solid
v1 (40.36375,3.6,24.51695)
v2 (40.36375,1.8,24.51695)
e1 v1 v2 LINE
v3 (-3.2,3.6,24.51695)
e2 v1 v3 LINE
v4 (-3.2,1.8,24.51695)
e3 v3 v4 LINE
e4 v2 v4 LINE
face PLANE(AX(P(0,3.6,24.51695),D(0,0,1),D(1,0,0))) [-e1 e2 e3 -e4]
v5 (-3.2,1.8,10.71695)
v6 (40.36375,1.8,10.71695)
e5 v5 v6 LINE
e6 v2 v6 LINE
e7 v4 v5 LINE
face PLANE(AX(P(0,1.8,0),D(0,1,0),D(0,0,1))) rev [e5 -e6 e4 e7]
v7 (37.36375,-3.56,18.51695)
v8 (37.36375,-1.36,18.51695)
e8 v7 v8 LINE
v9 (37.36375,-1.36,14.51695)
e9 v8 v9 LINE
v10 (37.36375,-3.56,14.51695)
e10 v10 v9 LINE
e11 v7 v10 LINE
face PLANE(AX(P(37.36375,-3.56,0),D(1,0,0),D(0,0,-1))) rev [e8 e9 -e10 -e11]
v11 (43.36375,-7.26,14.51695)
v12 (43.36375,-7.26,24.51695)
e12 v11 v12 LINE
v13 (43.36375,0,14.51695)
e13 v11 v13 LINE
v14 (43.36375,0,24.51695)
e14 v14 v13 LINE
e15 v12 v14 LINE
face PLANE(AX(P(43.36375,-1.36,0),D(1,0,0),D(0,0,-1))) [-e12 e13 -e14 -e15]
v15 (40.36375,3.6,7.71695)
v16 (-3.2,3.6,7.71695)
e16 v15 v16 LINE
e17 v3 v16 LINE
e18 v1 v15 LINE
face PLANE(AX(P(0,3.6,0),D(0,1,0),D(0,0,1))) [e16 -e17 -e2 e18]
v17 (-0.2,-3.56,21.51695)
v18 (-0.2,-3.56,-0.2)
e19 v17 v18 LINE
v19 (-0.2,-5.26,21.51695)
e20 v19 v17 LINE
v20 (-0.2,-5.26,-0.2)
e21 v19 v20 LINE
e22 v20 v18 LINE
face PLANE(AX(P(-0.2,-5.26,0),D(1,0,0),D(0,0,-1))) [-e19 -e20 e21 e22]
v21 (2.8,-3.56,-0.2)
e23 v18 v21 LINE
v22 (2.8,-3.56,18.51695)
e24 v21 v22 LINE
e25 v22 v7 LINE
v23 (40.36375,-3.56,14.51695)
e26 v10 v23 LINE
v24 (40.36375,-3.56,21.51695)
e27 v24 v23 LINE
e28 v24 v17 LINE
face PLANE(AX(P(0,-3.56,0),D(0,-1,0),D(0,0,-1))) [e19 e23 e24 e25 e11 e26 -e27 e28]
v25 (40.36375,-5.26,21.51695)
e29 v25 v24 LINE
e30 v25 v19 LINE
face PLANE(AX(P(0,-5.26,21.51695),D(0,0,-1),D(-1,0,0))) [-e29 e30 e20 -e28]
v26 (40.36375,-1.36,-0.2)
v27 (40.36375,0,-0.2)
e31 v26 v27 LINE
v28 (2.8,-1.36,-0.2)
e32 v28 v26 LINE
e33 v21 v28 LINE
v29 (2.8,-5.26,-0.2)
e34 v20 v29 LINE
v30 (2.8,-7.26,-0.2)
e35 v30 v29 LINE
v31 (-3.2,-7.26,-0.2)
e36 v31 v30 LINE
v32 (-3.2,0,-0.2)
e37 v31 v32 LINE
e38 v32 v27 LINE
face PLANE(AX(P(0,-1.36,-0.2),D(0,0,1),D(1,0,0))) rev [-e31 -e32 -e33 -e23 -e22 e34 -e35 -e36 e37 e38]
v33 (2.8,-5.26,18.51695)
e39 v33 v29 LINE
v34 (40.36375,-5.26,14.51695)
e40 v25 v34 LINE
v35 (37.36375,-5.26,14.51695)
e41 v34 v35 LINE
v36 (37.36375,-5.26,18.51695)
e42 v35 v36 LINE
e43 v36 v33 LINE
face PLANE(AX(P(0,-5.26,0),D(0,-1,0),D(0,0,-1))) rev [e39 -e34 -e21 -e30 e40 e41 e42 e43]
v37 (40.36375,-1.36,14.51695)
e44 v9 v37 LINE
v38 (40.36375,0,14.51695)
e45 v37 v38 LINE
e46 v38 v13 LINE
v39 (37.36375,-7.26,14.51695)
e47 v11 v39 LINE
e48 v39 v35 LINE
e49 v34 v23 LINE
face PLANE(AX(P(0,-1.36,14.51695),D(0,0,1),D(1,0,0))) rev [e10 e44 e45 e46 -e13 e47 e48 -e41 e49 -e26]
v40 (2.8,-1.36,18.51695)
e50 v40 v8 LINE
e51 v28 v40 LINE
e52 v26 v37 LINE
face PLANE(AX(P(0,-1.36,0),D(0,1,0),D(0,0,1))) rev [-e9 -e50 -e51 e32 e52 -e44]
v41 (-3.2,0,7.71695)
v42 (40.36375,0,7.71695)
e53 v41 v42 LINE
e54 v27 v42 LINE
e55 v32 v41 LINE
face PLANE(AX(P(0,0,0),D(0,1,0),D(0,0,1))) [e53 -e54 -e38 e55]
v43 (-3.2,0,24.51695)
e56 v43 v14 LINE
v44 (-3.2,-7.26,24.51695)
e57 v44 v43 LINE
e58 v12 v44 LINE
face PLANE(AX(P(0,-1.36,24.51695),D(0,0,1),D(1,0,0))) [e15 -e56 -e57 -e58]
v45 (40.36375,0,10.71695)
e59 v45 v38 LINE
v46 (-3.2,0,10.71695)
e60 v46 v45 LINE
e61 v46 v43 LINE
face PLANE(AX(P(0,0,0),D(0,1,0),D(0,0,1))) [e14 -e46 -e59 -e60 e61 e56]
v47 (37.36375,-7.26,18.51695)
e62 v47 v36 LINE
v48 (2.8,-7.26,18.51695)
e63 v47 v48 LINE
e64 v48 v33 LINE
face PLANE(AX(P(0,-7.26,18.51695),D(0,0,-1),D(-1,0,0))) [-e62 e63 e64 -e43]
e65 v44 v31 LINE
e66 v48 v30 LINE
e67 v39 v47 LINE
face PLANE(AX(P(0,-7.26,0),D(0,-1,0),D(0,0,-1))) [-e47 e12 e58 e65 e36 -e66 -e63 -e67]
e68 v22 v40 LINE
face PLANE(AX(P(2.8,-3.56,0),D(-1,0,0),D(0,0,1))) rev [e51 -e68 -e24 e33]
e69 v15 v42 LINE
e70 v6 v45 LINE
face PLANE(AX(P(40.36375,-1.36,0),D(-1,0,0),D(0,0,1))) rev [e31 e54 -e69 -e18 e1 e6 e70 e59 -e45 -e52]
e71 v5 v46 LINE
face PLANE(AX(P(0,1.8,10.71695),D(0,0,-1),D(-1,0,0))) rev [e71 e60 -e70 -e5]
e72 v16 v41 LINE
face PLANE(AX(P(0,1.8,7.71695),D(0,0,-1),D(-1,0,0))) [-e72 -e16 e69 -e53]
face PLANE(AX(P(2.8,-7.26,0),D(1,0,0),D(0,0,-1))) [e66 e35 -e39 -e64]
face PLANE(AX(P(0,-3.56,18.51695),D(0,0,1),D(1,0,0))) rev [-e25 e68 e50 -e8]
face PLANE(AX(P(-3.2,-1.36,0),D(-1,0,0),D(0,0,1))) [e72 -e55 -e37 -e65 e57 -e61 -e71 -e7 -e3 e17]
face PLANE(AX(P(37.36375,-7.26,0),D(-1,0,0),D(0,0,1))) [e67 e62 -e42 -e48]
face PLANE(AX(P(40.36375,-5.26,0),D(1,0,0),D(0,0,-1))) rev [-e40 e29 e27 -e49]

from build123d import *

# Parameters (mm, degrees)
SKETCH1_W           = 3
SKETCH1_H           = 21.71695
SKETCH1_W_2         = 2.8
SKETCH1_H_2         = 4
SKETCH1_W_3         = 0.2
BOSS_EXTRUDE3_DEPTH = 1.36
BOSS_EXTRUDE4_START = -1.36
SKETCH1_7_W         = 3
SKETCH1_7_H         = 21.71695
SKETCH1_7_W_2       = 2.8
SKETCH1_7_H_2       = 4
SKETCH1_7_W_3       = 0.2
BOSS_EXTRUDE4_DEPTH = 2.2
BOSS_EXTRUDE5_START = -3.56
SKETCH1_8_W         = 3
SKETCH1_8_H         = 21.71695
BOSS_EXTRUDE5_DEPTH = 1.7
BOSS_EXTRUDE6_START = -5.26
SKETCH1_9_W         = 3
SKETCH1_9_H         = 21.71695
SKETCH1_9_W_2       = 2.8
SKETCH1_9_H_2       = 4
SKETCH1_9_W_3       = 0.2
BOSS_EXTRUDE6_DEPTH = 2
SKETCH2_W           = 43.56375
SKETCH2_H           = 3
BOSS_EXTRUDE7_DEPTH = 1.8
BOSS_EXTRUDE8_START = 1.8
SKETCH2_3_W         = 43.56375
SKETCH2_3_H         = 3
BOSS_EXTRUDE8_DEPTH = 1.8


with BuildPart() as part:
    # Sketch1 → Boss-Extrude3 (new body)
    with BuildSketch(Plane(origin=(0, 0, 0), x_dir=(1, 0, 0), z_dir=(0, 1, 0))):
        Polygon((2.8, -21.51695), (-0.2, -21.51695), (-3.2, -21.51695), (-3.2, -24.51695), (40.36375, -24.51695), (40.36375, -21.51695), align=None)
        with Locations((-1.7, -10.658475)):
            Rectangle(SKETCH1_W, SKETCH1_H)
        Polygon((0, 0), (0, -21.31695), (2.8, -21.31695), (2.8, -18.51695), (2.8, 0), align=None)
        Polygon((40.16375, 0), (2.8, 0), (2.8, -18.51695), (37.36375, -18.51695), (37.36375, -14.51695), (40.16375, -14.51695), align=None)
        Polygon((2.8, -18.51695), (2.8, -21.31695), (40.16375, -21.31695), (40.16375, -18.51695), (37.36375, -18.51695), align=None)
        with Locations((38.76375, -16.51695)):
            Rectangle(SKETCH1_W_2, SKETCH1_H_2)
        Polygon((43.36375, -14.51695), (40.36375, -14.51695), (40.36375, -18.51695), (40.36375, -21.51695), (40.36375, -24.51695), (43.36375, -24.51695), align=None)
        Polygon((2.8, -21.31695), (2.8, -21.51695), (40.36375, -21.51695), (40.36375, -18.51695), (40.16375, -18.51695), (40.16375, -21.31695), align=None)
        Polygon((40.36375, 0.2), (2.8, 0.2), (2.8, 0), (40.16375, 0), (40.16375, -14.51695), (40.36375, -14.51695), align=None)
        with Locations((40.26375, -16.51695)):
            Rectangle(SKETCH1_W_3, SKETCH1_H_2)
        Polygon((0, -21.31695), (-0.2, -21.31695), (-0.2, -21.51695), (2.8, -21.51695), (2.8, -21.31695), align=None)
        Polygon((2.8, 0.2), (-0.2, 0.2), (-0.2, -21.31695), (0, -21.31695), (0, 0), (2.8, 0), align=None)
    extrude(amount=-BOSS_EXTRUDE3_DEPTH)

    # Sketch1<7> → Boss-Extrude4 (add)
    with BuildSketch(Plane(origin=(0, 0, 0), x_dir=(1, 0, 0), z_dir=(0, 1, 0)).offset(BOSS_EXTRUDE4_START)):
        Polygon((0, 0), (0, -21.31695), (2.8, -21.31695), (2.8, -18.51695), (2.8, 0), align=None)
        with Locations((-1.7, -10.658475)):
            Rectangle(SKETCH1_7_W, SKETCH1_7_H)
        Polygon((2.8, 0.2), (-0.2, 0.2), (-0.2, -21.31695), (0, -21.31695), (0, 0), (2.8, 0), align=None)
        Polygon((0, -21.31695), (-0.2, -21.31695), (-0.2, -21.51695), (2.8, -21.51695), (2.8, -21.31695), align=None)
        Polygon((2.8, -21.51695), (-0.2, -21.51695), (-3.2, -21.51695), (-3.2, -24.51695), (40.36375, -24.51695), (40.36375, -21.51695), align=None)
        Polygon((2.8, -21.31695), (2.8, -21.51695), (40.36375, -21.51695), (40.36375, -18.51695), (40.16375, -18.51695), (40.16375, -21.31695), align=None)
        Polygon((2.8, -18.51695), (2.8, -21.31695), (40.16375, -21.31695), (40.16375, -18.51695), (37.36375, -18.51695), align=None)
        with Locations((38.76375, -16.51695)):
            Rectangle(SKETCH1_7_W_2, SKETCH1_7_H_2)
        Polygon((43.36375, -14.51695), (40.36375, -14.51695), (40.36375, -18.51695), (40.36375, -21.51695), (40.36375, -24.51695), (43.36375, -24.51695), align=None)
        with Locations((40.26375, -16.51695)):
            Rectangle(SKETCH1_7_W_3, SKETCH1_7_H_2)
    extrude(amount=-BOSS_EXTRUDE4_DEPTH)

    # Sketch1<8> → Boss-Extrude5 (add)
    with BuildSketch(Plane(origin=(0, 0, 0), x_dir=(1, 0, 0), z_dir=(0, 1, 0)).offset(BOSS_EXTRUDE5_START)):
        with Locations((-1.7, -10.658475)):
            Rectangle(SKETCH1_8_W, SKETCH1_8_H)
        Polygon((2.8, -21.51695), (-0.2, -21.51695), (-3.2, -21.51695), (-3.2, -24.51695), (40.36375, -24.51695), (40.36375, -21.51695), align=None)
        Polygon((43.36375, -14.51695), (40.36375, -14.51695), (40.36375, -18.51695), (40.36375, -21.51695), (40.36375, -24.51695), (43.36375, -24.51695), align=None)
    extrude(amount=-BOSS_EXTRUDE5_DEPTH)

    # Sketch1<9> → Boss-Extrude6 (add)
    with BuildSketch(Plane(origin=(0, 0, 0), x_dir=(1, 0, 0), z_dir=(0, 1, 0)).offset(BOSS_EXTRUDE6_START)):
        with Locations((-1.7, -10.658475)):
            Rectangle(SKETCH1_9_W, SKETCH1_9_H)
        Polygon((0, 0), (0, -21.31695), (2.8, -21.31695), (2.8, -18.51695), (2.8, 0), align=None)
        Polygon((2.8, -21.51695), (-0.2, -21.51695), (-3.2, -21.51695), (-3.2, -24.51695), (40.36375, -24.51695), (40.36375, -21.51695), align=None)
        Polygon((2.8, -18.51695), (2.8, -21.31695), (40.16375, -21.31695), (40.16375, -18.51695), (37.36375, -18.51695), align=None)
        Polygon((43.36375, -14.51695), (40.36375, -14.51695), (40.36375, -18.51695), (40.36375, -21.51695), (40.36375, -24.51695), (43.36375, -24.51695), align=None)
        with Locations((38.76375, -16.51695)):
            Rectangle(SKETCH1_9_W_2, SKETCH1_9_H_2)
        Polygon((2.8, -21.31695), (2.8, -21.51695), (40.36375, -21.51695), (40.36375, -18.51695), (40.16375, -18.51695), (40.16375, -21.31695), align=None)
        with Locations((40.26375, -16.51695)):
            Rectangle(SKETCH1_9_W_3, SKETCH1_9_H_2)
        Polygon((0, -21.31695), (-0.2, -21.31695), (-0.2, -21.51695), (2.8, -21.51695), (2.8, -21.31695), align=None)
        Polygon((2.8, 0.2), (-0.2, 0.2), (-0.2, -21.31695), (0, -21.31695), (0, 0), (2.8, 0), align=None)
    extrude(amount=-BOSS_EXTRUDE6_DEPTH)

    # Sketch2 → Boss-Extrude7 (add)
    with BuildSketch(Plane(origin=(0, 0, 0), x_dir=(1, 0, 0), z_dir=(0, 1, 0))):
        with Locations((18.581875, -9.21695)):
            Rectangle(SKETCH2_W, SKETCH2_H)
    extrude(amount=BOSS_EXTRUDE7_DEPTH)

    # Sketch2<3> → Boss-Extrude8 (add)
    with BuildSketch(Plane(origin=(0, 0, 0), x_dir=(1, 0, 0), z_dir=(0, 1, 0)).offset(BOSS_EXTRUDE8_START)):
        Polygon((40.36375, -10.71695), (-3.2, -10.71695), (-3.2, -24.51695), (40.36375, -24.51695), (40.36375, -14.51695), align=None)
        with Locations((18.581875, -9.21695)):
            Rectangle(SKETCH2_3_W, SKETCH2_3_H)
    extrude(amount=BOSS_EXTRUDE8_DEPTH)


solid = part.part
